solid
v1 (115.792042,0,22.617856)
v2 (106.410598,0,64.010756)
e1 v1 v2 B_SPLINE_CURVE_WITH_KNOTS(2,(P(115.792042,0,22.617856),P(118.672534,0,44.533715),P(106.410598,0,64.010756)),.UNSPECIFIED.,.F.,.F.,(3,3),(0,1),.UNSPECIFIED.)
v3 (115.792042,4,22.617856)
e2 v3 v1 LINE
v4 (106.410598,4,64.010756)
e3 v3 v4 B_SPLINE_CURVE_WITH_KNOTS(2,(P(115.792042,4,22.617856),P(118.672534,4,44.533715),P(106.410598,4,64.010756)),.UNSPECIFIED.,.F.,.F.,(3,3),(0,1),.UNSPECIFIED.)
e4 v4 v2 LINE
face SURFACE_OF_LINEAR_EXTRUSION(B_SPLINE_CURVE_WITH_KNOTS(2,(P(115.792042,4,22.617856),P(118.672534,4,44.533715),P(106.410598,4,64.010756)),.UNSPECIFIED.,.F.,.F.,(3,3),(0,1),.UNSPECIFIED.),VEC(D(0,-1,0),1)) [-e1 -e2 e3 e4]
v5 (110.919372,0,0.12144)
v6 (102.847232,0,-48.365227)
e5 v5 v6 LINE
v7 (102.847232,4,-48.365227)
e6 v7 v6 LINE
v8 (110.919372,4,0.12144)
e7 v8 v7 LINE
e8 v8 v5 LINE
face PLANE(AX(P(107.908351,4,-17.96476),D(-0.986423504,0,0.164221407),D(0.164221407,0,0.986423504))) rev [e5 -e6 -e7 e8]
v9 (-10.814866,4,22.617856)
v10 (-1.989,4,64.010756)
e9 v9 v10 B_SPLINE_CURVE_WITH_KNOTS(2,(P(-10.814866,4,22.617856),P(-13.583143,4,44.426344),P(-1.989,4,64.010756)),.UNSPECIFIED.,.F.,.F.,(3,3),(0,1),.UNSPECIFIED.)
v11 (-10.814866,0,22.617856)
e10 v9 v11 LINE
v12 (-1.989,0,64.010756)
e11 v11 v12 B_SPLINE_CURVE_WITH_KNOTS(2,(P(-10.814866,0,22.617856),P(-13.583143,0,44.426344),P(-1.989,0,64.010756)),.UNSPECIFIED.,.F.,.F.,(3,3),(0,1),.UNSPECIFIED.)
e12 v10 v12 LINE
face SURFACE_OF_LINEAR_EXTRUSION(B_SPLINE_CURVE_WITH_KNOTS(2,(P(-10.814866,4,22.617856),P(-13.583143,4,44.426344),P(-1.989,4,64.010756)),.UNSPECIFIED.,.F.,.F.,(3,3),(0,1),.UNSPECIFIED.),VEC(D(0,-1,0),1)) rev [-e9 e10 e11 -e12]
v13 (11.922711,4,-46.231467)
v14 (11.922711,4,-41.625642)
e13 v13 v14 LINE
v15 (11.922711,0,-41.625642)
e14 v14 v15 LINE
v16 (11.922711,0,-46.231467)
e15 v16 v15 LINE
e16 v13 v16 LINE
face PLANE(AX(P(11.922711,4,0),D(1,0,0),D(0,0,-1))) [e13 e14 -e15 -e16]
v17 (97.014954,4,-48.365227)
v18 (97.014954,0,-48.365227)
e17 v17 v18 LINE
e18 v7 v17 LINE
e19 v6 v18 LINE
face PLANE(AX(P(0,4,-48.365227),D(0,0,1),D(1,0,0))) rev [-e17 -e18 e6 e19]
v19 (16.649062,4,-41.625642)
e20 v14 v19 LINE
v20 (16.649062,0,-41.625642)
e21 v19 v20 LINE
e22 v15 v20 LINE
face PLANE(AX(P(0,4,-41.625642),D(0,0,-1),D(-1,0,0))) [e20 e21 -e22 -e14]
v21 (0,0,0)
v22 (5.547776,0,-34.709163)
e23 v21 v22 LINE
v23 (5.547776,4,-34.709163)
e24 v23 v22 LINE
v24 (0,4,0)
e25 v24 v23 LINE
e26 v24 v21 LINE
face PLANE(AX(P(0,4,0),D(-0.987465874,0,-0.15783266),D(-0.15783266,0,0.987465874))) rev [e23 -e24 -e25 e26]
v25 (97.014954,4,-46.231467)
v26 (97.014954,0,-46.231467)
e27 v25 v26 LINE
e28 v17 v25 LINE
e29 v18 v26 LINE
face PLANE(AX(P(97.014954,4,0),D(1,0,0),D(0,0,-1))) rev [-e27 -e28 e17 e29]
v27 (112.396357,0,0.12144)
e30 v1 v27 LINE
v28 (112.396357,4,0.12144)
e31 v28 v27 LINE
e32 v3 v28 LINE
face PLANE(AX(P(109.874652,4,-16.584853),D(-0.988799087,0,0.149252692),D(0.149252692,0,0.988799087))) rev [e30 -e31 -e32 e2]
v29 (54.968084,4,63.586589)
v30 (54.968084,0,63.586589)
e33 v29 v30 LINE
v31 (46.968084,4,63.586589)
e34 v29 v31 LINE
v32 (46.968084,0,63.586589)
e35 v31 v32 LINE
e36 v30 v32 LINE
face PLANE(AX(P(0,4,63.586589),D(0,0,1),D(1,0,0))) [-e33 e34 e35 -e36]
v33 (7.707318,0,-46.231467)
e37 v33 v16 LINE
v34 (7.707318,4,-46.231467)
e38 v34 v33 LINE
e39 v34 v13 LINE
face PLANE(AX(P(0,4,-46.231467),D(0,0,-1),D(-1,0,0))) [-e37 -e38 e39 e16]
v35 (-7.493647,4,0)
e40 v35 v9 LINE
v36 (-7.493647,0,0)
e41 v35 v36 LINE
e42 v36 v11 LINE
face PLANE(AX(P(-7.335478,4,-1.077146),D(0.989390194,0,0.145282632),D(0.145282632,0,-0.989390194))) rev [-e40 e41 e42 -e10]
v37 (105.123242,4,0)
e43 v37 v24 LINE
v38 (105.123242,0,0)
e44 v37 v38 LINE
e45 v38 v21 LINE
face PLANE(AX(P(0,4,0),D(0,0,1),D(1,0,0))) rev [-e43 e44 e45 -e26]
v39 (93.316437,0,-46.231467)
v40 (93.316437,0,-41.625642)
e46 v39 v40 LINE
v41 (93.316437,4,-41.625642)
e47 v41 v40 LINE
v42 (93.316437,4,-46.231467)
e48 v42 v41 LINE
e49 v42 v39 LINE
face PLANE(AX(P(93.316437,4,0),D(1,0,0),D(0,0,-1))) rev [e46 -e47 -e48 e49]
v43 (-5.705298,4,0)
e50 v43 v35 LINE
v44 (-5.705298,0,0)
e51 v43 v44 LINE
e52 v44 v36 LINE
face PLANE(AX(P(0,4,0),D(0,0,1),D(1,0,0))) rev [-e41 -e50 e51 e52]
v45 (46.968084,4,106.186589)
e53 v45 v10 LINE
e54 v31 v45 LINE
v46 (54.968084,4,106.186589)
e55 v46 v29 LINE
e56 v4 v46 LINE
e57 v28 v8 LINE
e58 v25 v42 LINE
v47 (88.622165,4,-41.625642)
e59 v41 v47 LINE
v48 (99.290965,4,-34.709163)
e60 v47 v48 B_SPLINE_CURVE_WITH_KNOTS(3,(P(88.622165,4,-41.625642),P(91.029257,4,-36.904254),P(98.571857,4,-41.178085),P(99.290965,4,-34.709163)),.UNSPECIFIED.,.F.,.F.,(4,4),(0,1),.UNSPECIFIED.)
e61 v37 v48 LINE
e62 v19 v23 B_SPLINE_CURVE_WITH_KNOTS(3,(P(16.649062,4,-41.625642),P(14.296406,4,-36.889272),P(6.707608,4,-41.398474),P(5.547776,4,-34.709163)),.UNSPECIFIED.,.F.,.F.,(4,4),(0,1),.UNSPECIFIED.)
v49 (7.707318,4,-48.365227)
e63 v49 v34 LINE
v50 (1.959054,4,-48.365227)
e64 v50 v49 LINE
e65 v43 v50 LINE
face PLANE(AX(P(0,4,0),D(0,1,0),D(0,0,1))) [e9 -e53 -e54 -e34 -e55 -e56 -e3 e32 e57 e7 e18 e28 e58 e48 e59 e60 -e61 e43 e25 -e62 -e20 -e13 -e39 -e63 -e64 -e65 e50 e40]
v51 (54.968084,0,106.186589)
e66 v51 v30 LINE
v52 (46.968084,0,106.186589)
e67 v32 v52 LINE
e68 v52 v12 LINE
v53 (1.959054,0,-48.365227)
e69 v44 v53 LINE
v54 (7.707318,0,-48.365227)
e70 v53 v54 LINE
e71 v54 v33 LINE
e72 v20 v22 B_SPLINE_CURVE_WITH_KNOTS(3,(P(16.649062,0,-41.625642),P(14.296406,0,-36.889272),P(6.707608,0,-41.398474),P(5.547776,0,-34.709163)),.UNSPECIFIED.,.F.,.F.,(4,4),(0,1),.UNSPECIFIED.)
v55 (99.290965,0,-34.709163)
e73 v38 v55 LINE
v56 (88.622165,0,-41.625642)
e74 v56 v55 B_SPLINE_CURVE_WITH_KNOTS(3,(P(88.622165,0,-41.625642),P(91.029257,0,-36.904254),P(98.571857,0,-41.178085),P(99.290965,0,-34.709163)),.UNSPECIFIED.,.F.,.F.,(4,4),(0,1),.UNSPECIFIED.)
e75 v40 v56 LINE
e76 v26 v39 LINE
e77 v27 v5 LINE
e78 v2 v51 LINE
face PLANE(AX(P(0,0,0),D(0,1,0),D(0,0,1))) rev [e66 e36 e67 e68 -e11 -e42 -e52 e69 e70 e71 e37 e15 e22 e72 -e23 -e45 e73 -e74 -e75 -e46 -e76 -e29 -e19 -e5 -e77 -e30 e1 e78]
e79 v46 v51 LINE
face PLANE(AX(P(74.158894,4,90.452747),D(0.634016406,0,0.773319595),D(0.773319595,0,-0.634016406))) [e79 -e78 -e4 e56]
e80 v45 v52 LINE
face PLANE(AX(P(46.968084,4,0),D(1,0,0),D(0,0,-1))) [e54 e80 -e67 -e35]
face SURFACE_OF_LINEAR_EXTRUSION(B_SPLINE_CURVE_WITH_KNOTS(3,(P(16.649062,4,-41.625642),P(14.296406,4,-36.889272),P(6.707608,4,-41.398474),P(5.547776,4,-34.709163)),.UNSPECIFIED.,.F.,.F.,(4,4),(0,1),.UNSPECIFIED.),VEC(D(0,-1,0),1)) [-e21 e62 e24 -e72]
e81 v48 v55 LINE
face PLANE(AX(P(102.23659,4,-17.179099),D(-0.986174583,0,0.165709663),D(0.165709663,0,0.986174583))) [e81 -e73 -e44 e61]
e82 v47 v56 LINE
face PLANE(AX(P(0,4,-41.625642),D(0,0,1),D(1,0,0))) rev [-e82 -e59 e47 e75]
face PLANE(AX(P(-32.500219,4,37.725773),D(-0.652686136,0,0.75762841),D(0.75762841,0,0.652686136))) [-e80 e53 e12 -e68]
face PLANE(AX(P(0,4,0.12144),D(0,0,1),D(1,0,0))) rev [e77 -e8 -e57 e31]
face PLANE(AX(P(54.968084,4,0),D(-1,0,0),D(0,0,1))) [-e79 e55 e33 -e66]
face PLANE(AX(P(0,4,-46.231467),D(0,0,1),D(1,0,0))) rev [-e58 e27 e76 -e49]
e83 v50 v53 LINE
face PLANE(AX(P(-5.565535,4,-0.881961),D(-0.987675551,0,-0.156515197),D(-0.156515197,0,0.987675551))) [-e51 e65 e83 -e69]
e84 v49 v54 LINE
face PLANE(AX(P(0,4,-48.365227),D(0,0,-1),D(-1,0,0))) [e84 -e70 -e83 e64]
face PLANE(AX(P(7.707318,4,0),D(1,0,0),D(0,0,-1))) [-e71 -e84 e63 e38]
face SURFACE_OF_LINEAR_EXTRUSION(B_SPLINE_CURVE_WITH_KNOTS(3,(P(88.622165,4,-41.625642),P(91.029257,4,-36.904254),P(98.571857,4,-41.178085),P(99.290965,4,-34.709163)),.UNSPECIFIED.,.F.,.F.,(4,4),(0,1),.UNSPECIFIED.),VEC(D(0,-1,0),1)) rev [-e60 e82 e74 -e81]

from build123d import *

# Parameters (mm, degrees)
EXTRUDE_2_DEPTH = 4


with BuildPart() as part:
    # 草图1 → 凸台-拉伸2 (new body)
    with BuildSketch(Plane(origin=(0, 0, 0), x_dir=(1, 0, 0), z_dir=(0, 1, 0))):
        with BuildLine():
            Line((-7.493646731, 0), (-10.814865867, -22.617855932))
            add(Edge.make_bspline(
                [(-10.814865867, -22.617855932), (-13.583142705, -44.426344102), (-1.98899974, -64.01075601)],
                knots=[0, 0, 0, 1, 1, 1], degree=2))
            Line((-1.98899974, -64.01075601), (46.968083593, -106.186589343))
            Line((46.968083593, -106.186589343), (46.968083593, -63.586589343))
            Line((46.968083593, -63.586589343), (54.968083593, -63.586589343))
            Line((54.968083593, -63.586589343), (54.968083593, -106.186589343))
            Line((54.968083593, -106.186589343), (106.410598372, -64.01075601))
            add(Edge.make_bspline(
                [(115.792042318, -22.617855932), (118.672533556, -44.533714829), (106.410598372, -64.01075601)],
                knots=[0, 0, 0, 1, 1, 1], degree=2))
            Line((115.792042318, -22.617855932), (112.396356875, -0.121439872))
            Line((112.396356875, -0.121439872), (110.919371618, -0.121439872))
            Line((110.919371618, -0.121439872), (102.847231691, 48.365226521))
            Line((102.847231691, 48.365226521), (97.014954375, 48.365226521))
            Line((97.014954375, 48.365226521), (97.014954375, 46.231466528))
            Line((97.014954375, 46.231466528), (93.316437053, 46.231466528))
            Line((93.316437053, 46.231466528), (93.316437053, 41.625642308))
            Line((93.316437053, 41.625642308), (88.622165067, 41.625642308))
            add(Edge.make_bspline(
                [(88.622165067, 41.625642308), (91.029256543, 36.904254059), (98.571856956, 41.17808537), (99.290965035, 34.709162562)],
                knots=[0, 0, 0, 0, 1, 1, 1, 1], degree=3))
            Line((99.290965035, 34.709162562), (105.12324235, 0))
            Line((105.12324235, 0), (0, 0))
            Line((0, 0), (5.547775983, 34.709162562))
            add(Edge.make_bspline(
                [(16.649061602, 41.625642308), (14.296406024, 36.889271563), (6.70760812, 41.39847379), (5.547775983, 34.709162562)],
                knots=[0, 0, 0, 0, 1, 1, 1, 1], degree=3))
            Line((16.649061602, 41.625642308), (11.922711294, 41.625642308))
            Line((11.922711294, 41.625642308), (11.922711294, 46.231466528))
            Line((11.922711294, 46.231466528), (7.707317775, 46.231466528))
            Line((7.707317775, 46.231466528), (7.707317775, 48.365226521))
            Line((7.707317775, 48.365226521), (1.959053886, 48.365226521))
            Line((1.959053886, 48.365226521), (-5.705297966, 0))
            Line((-5.705297966, 0), (-7.493646731, 0))
        make_face()
    extrude(amount=EXTRUDE_2_DEPTH)


solid = part.part
